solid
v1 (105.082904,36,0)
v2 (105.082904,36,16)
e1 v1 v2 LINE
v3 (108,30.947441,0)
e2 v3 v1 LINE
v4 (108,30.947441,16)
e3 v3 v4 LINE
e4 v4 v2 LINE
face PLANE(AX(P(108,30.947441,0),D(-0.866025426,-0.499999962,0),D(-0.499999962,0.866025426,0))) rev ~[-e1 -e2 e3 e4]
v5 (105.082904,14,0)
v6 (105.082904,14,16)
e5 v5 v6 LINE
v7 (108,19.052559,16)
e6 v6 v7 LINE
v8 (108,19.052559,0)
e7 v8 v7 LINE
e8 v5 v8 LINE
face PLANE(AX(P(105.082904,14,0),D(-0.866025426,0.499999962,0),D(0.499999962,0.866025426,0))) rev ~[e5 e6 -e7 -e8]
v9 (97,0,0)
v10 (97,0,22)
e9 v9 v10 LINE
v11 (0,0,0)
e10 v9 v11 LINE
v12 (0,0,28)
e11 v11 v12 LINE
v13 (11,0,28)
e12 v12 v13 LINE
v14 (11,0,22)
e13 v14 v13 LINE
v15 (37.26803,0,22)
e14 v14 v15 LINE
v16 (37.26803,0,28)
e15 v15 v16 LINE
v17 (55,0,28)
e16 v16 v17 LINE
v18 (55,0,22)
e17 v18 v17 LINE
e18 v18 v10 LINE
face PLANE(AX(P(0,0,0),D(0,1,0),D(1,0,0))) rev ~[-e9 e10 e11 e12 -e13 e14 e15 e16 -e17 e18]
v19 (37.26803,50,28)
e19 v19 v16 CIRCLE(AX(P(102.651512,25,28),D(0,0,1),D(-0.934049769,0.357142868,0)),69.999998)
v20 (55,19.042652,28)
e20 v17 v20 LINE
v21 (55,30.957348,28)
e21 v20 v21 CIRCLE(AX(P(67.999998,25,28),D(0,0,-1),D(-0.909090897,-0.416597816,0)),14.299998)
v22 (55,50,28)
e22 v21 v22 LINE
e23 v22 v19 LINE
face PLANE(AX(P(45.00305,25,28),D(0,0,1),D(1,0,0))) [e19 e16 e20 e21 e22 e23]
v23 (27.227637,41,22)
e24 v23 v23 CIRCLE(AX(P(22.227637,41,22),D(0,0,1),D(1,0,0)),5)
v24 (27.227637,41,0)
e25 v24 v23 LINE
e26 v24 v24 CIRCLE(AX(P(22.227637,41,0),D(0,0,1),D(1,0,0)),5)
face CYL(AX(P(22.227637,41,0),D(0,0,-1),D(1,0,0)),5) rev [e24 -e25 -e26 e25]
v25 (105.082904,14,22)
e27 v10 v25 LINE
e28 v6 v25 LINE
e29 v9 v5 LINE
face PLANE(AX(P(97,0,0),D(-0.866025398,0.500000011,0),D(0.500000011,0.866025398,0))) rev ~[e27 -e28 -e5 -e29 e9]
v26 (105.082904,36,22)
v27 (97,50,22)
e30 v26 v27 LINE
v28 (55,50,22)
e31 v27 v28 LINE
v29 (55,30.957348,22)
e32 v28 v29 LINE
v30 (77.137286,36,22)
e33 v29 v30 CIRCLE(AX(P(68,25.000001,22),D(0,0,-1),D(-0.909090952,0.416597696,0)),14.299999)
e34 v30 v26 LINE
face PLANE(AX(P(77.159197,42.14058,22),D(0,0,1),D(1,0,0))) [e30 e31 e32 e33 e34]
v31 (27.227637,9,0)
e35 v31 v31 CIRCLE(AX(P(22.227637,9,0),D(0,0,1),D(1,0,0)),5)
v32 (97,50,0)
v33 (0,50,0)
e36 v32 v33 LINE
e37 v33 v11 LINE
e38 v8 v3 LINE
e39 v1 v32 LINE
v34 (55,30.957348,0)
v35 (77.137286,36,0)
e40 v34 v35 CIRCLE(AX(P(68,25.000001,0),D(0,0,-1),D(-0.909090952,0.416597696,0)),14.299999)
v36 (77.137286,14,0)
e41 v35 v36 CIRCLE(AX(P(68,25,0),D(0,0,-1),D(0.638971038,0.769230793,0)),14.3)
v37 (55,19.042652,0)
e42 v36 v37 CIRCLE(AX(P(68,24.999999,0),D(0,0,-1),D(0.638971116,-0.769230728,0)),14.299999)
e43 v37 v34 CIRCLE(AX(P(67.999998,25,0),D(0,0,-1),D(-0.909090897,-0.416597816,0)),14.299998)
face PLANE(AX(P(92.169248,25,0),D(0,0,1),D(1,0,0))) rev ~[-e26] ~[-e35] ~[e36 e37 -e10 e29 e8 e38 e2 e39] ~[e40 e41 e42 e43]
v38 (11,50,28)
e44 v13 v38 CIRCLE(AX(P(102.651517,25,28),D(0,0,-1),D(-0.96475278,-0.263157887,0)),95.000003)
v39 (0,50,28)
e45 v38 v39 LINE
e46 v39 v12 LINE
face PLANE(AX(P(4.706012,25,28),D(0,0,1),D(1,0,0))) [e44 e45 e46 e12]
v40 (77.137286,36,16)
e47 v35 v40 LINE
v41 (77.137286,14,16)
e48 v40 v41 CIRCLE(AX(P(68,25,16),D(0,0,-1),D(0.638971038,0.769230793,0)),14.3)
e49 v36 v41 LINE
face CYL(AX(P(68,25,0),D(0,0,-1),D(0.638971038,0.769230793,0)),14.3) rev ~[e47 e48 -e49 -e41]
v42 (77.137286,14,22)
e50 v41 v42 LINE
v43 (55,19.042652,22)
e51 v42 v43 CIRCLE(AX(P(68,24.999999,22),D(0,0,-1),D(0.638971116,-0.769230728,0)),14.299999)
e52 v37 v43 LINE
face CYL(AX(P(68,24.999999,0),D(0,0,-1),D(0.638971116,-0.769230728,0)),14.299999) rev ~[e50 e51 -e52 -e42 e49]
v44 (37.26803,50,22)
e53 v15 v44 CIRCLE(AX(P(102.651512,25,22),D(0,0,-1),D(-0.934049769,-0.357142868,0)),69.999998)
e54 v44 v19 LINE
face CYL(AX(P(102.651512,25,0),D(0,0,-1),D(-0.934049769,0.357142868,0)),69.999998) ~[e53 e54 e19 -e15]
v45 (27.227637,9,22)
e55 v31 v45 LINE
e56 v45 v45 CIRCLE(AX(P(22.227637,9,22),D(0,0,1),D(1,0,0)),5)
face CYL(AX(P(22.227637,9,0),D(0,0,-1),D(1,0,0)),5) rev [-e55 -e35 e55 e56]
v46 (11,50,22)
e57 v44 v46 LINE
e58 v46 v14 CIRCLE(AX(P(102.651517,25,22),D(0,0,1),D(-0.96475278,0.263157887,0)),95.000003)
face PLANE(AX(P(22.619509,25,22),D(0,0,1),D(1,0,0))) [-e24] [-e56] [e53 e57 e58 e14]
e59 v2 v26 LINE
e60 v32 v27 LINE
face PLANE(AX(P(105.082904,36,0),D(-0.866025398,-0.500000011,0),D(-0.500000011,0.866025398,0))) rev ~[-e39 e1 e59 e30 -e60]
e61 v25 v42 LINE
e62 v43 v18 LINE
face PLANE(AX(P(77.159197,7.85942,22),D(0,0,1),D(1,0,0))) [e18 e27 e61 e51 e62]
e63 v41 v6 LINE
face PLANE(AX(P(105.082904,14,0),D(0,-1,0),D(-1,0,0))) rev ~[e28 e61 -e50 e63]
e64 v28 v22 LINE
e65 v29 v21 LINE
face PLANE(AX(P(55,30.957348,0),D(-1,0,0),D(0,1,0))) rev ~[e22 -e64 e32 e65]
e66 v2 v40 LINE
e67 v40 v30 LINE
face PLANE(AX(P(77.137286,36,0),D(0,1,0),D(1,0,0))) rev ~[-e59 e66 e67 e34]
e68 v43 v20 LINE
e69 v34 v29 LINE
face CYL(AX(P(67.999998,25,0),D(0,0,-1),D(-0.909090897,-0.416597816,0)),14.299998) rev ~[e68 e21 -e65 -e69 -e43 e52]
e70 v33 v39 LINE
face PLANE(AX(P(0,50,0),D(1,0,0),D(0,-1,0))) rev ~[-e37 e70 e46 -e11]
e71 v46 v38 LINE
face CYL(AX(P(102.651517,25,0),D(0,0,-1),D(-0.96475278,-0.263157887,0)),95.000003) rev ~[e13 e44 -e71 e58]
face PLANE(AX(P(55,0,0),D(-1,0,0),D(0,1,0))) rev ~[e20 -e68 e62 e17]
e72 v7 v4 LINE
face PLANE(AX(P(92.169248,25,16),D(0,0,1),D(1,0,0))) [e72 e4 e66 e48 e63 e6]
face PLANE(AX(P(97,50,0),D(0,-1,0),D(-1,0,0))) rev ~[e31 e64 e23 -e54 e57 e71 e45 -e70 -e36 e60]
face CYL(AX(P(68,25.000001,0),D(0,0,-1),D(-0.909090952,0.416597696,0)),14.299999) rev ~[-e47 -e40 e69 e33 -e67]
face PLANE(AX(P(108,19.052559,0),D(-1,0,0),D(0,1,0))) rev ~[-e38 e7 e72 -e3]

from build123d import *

# Parameters (mm, degrees)
F0_R     = 5
F1_DEPTH = 22
F2_DEPTH = 28
F3_DEPTH = 22
F4_DEPTH = 16


with BuildPart() as f1:
    # F0 (on Top) → F1 (new body)
    with BuildSketch(Plane.XY):
        with BuildLine():
            ThreePointArc((11, 50), (7.651514, 25), (11, 0))
            Line((11, 0), (37.26803, 0))
            ThreePointArc((37.26803, 0), (32.651514, 25), (37.26803, 50))
            Line((37.26803, 50), (11, 50))
        make_face()
        with Locations((22.227637, 9)):
            Circle(F0_R, mode=Mode.SUBTRACT)
        with Locations((22.227637, 41)):
            Circle(F0_R, mode=Mode.SUBTRACT)
    extrude(amount=F1_DEPTH)

    # F0 (on Top) → F2 (join)
    with BuildSketch(Plane.XY):
        with BuildLine():
            Line((0, 50), (0, 0))
            Line((0, 0), (11, 0))
            ThreePointArc((11, 0), (7.651514, 25), (11, 50))
            Line((11, 50), (0, 50))
        make_face()
        with BuildLine():
            ThreePointArc((37.26803, 50), (32.651514, 25), (37.26803, 0))
            Line((37.26803, 0), (55, 0))
            Line((55, 0), (55, 19.042652))
            ThreePointArc((55, 19.042652), (53.7, 25), (55, 30.957348))
            Line((55, 30.957348), (55, 50))
            Line((55, 50), (37.26803, 50))
        make_face()
    extrude(amount=F2_DEPTH)

    # F0 (on Top) → F3 (join)
    with BuildSketch(Plane.XY):
        with BuildLine():
            Line((97, 50), (55, 50))
            Line((55, 50), (55, 30.957348))
            ThreePointArc((55, 30.957348), (64.823961, 38.94284), (77.137286, 36))
            Line((77.137286, 36), (105.082904, 36))
            Line((105.082904, 36), (97, 50))
        make_face()
        with BuildLine():
            Line((55, 19.042652), (55, 0))
            Line((55, 0), (97, 0))
            Line((97, 0), (105.082904, 14))
            Line((105.082904, 14), (77.137286, 14))
            ThreePointArc((77.137286, 14), (64.823961, 11.05716), (55, 19.042652))
        make_face()
    extrude(amount=F3_DEPTH)

    # F0 (on Top) → F4 (join)
    with BuildSketch(Plane.XY):
        with BuildLine():
            ThreePointArc((77.137286, 36), (82.3, 25), (77.137286, 14))
            Line((77.137286, 14), (105.082904, 14))
            Line((105.082904, 14), (108, 19.052559))
            Line((108, 19.052559), (108, 30.947441))
            Line((108, 30.947441), (105.082904, 36))
            Line((105.082904, 36), (77.137286, 36))
        make_face()
    extrude(amount=F4_DEPTH)


solid = f1.part
